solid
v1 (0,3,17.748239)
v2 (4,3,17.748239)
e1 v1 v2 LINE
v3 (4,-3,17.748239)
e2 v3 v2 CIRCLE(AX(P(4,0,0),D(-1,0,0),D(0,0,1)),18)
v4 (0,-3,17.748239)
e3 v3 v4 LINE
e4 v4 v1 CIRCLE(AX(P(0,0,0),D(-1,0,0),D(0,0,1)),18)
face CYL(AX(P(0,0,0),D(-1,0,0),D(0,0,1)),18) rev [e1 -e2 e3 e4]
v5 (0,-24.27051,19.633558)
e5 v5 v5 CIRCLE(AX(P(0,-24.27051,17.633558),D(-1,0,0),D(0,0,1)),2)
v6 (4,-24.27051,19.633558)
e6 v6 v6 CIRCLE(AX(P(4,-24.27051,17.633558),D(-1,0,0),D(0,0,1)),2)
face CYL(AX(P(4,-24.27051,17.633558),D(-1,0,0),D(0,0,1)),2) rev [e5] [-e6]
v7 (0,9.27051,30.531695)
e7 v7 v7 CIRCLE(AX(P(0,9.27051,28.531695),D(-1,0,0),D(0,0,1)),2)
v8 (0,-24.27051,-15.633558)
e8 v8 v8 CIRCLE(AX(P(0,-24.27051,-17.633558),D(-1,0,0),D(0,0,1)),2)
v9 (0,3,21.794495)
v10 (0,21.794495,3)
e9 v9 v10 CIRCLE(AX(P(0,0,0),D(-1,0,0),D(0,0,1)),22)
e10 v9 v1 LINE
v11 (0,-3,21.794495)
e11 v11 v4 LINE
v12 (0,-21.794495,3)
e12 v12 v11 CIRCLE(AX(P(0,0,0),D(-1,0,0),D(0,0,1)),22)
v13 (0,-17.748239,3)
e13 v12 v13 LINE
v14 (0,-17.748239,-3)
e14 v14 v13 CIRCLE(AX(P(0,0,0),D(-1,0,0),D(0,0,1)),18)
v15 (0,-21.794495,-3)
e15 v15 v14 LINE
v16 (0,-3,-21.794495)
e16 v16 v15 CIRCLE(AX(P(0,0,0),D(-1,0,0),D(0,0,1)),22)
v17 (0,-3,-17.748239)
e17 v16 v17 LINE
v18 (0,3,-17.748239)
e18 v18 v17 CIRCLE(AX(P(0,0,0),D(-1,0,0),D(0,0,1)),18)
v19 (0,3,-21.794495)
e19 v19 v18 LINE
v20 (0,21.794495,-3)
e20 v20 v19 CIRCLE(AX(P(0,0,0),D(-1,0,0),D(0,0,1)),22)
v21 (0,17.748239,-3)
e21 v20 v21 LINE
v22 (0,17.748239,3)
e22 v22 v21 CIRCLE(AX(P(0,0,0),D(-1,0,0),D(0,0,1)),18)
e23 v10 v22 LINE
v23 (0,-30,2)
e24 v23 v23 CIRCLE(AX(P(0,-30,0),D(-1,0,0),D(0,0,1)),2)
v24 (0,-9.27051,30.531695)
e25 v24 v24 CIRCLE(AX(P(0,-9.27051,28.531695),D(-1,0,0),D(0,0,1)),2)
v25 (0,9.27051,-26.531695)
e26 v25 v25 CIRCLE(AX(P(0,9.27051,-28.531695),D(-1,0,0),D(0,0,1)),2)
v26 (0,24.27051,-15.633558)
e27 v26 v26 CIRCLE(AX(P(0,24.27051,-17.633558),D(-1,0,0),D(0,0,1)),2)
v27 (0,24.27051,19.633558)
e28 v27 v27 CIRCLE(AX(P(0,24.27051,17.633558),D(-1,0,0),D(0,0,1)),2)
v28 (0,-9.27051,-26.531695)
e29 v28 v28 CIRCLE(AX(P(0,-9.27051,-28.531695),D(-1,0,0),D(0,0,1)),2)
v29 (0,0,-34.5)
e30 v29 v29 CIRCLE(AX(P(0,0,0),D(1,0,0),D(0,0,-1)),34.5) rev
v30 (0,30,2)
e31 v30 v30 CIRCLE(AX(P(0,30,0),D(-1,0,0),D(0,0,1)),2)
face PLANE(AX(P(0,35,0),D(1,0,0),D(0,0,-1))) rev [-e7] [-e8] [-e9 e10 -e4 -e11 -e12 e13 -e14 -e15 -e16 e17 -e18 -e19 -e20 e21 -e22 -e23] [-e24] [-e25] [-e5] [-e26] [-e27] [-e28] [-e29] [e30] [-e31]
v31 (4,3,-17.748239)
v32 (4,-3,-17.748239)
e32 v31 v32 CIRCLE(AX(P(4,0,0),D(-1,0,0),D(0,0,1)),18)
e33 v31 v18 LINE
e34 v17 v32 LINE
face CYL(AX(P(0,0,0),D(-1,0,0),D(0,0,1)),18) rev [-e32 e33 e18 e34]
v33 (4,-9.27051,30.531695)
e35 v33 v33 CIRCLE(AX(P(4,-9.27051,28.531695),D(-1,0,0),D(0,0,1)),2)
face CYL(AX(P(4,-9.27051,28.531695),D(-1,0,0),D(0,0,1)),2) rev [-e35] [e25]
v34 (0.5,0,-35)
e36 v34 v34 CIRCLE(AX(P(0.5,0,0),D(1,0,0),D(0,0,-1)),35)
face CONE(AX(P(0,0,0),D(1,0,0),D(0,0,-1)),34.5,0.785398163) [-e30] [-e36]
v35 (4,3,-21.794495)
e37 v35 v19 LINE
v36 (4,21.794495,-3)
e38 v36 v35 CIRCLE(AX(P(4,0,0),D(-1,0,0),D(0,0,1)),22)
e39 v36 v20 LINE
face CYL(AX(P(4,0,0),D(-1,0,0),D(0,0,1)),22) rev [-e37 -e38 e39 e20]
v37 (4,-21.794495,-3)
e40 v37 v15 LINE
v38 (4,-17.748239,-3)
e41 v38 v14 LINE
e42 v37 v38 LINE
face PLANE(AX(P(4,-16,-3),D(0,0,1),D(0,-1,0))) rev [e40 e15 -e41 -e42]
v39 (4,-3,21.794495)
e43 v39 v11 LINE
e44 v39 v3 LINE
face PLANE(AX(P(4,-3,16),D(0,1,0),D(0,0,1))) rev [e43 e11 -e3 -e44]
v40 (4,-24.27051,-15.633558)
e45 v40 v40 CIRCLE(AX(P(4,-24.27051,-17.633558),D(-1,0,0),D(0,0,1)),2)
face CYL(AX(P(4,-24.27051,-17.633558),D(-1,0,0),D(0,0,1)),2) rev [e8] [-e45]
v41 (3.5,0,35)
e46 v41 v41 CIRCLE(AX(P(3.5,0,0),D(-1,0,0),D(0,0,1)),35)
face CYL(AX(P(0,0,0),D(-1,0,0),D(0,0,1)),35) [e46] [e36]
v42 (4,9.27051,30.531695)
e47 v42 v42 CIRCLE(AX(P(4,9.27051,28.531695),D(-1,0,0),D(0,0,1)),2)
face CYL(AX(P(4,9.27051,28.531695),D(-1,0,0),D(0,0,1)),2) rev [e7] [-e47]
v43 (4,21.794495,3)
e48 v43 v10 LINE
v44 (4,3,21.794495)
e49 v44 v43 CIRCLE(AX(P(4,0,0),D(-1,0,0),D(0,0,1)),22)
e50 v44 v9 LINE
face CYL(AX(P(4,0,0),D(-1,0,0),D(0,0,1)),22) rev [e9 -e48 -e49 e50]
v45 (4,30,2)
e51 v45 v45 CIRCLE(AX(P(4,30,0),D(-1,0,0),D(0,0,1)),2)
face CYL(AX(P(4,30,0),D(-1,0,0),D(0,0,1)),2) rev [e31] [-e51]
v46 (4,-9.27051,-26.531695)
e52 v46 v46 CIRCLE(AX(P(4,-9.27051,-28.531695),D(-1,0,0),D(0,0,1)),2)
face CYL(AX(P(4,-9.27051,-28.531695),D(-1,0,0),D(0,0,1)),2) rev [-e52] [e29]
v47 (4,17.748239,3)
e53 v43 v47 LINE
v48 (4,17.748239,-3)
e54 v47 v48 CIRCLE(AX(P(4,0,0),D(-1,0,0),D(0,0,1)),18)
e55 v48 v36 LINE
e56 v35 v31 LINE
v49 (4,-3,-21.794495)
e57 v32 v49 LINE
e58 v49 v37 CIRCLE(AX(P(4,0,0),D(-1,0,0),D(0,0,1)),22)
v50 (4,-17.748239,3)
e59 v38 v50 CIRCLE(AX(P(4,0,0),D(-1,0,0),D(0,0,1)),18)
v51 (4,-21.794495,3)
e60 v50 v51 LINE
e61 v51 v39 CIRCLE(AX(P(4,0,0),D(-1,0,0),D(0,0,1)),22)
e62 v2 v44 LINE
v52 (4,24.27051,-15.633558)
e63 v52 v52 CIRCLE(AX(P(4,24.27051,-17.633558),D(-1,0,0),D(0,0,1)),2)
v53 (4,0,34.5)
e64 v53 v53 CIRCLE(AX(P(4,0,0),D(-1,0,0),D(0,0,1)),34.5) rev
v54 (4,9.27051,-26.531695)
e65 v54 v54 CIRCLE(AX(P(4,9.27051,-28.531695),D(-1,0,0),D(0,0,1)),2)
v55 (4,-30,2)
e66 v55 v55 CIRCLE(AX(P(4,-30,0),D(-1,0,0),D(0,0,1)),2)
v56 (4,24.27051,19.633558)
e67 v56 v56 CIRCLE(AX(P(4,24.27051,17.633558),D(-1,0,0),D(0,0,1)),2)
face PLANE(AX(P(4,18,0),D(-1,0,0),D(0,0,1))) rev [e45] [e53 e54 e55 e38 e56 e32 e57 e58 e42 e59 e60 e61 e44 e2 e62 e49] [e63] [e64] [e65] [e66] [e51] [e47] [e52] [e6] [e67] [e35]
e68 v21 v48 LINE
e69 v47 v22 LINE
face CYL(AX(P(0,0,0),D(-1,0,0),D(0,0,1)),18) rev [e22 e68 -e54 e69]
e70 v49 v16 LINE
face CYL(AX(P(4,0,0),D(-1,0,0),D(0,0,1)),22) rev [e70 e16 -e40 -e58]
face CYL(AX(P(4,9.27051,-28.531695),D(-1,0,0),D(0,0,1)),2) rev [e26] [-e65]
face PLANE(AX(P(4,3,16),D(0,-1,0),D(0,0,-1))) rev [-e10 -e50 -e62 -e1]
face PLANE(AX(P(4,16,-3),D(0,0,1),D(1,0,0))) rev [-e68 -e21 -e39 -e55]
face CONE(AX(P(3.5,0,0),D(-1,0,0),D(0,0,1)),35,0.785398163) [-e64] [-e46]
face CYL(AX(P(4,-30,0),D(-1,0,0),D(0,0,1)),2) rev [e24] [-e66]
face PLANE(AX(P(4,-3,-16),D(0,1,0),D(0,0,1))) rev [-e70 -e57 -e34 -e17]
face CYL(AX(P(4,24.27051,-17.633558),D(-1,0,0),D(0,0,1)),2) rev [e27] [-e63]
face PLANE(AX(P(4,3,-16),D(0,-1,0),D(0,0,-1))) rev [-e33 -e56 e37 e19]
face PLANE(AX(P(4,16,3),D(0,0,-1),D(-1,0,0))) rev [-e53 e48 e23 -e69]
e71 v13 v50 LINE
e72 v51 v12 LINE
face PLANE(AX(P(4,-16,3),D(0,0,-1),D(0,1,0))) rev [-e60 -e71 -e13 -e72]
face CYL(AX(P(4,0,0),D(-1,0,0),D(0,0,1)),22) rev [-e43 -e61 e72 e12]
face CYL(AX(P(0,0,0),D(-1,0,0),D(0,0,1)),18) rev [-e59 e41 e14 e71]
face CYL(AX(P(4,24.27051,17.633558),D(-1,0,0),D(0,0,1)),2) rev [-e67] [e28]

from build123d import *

# Parameters (mm, degrees)
ESQUISSE1_W             = 4
ESQUISSE1_H             = 17
ENL_V_MAT_EXTRU_1_DEPTH = 50.658836072
CHANFREIN1_SIZE         = 0.5
ESQUISSE3_R             = 2
ENL_V_MAT_EXTRU_2_DEPTH = 50.658836072


with BuildPart() as part:
    # Esquisse1 → Base-Révolution (revolve)
    with BuildSketch(Plane.XY, mode=Mode.PRIVATE) as base_r_volution_sk:
        with Locations((2, 26.5)):
            Rectangle(ESQUISSE1_W, ESQUISSE1_H)
    revolve(base_r_volution_sk.sketch.rotate(Axis((0, 0, 0), (1, 0, 0)), 90), axis=Axis((0, 0, 0), (1, 0, 0)))

    # Esquisse2 → Enlèv. mat.-Extru.1 (cut, through all)
    with BuildSketch(Plane.ZY):
        with BuildLine():
            Line((-3, 16), (-3, 21.794494718))
            ThreePointArc((-3, 21.794494718), (-15.556349186, 15.556349186), (-21.794494718, 3))
            Line((-21.794494718, 3), (-16, 3))
            Line((-16, 3), (-16, -3))
            Line((-16, -3), (-21.794494718, -3))
            ThreePointArc((-21.794494718, -3), (-15.556349186, -15.556349186), (-3, -21.794494718))
            Line((-3, -21.794494718), (-3, -16))
            Line((-3, -16), (3, -16))
            Line((3, -16), (3, -21.794494718))
            ThreePointArc((3, -21.794494718), (15.556349186, -15.556349186), (21.794494718, -3))
            Line((21.794494718, -3), (16, -3))
            Line((16, -3), (16, 3))
            Line((16, 3), (21.794494718, 3))
            ThreePointArc((21.794494718, 3), (15.556349186, 15.556349186), (3, 21.794494718))
            Line((3, 21.794494718), (3, 16))
            Line((3, 16), (-3, 16))
        make_face()
    extrude(amount=-ENL_V_MAT_EXTRU_1_DEPTH, mode=Mode.SUBTRACT)

    # Chanfrein1
    chanfrein1_edges = [part.edges().sort_by_distance(p)[0] for p in [
        (0, 0, -35),
        (4, 0, -35),
    ]]
    chamfer(chanfrein1_edges, length=CHANFREIN1_SIZE)

    # Esquisse3 → Enlèv. mat.-Extru.2 (cut, through all)
    with BuildSketch(Plane.ZY):
        with Locations((0, 30)):
            Circle(ESQUISSE3_R)
        with Locations((17.633557569, 24.270509831)):
            Circle(ESQUISSE3_R)
        with Locations((28.531695489, 9.270509831)):
            Circle(ESQUISSE3_R)
        with Locations((28.531695489, -9.270509831)):
            Circle(ESQUISSE3_R)
        with Locations((17.633557569, -24.270509831)):
            Circle(ESQUISSE3_R)
        with Locations((0, -30)):
            Circle(ESQUISSE3_R)
        with Locations((-17.633557569, -24.270509831)):
            Circle(ESQUISSE3_R)
        with Locations((-28.531695489, -9.270509831)):
            Circle(ESQUISSE3_R)
        with Locations((-28.531695489, 9.270509831)):
            Circle(ESQUISSE3_R)
        with Locations((-17.633557569, 24.270509831)):
            Circle(ESQUISSE3_R)
    extrude(amount=-ENL_V_MAT_EXTRU_2_DEPTH, mode=Mode.SUBTRACT)


solid = part.part
